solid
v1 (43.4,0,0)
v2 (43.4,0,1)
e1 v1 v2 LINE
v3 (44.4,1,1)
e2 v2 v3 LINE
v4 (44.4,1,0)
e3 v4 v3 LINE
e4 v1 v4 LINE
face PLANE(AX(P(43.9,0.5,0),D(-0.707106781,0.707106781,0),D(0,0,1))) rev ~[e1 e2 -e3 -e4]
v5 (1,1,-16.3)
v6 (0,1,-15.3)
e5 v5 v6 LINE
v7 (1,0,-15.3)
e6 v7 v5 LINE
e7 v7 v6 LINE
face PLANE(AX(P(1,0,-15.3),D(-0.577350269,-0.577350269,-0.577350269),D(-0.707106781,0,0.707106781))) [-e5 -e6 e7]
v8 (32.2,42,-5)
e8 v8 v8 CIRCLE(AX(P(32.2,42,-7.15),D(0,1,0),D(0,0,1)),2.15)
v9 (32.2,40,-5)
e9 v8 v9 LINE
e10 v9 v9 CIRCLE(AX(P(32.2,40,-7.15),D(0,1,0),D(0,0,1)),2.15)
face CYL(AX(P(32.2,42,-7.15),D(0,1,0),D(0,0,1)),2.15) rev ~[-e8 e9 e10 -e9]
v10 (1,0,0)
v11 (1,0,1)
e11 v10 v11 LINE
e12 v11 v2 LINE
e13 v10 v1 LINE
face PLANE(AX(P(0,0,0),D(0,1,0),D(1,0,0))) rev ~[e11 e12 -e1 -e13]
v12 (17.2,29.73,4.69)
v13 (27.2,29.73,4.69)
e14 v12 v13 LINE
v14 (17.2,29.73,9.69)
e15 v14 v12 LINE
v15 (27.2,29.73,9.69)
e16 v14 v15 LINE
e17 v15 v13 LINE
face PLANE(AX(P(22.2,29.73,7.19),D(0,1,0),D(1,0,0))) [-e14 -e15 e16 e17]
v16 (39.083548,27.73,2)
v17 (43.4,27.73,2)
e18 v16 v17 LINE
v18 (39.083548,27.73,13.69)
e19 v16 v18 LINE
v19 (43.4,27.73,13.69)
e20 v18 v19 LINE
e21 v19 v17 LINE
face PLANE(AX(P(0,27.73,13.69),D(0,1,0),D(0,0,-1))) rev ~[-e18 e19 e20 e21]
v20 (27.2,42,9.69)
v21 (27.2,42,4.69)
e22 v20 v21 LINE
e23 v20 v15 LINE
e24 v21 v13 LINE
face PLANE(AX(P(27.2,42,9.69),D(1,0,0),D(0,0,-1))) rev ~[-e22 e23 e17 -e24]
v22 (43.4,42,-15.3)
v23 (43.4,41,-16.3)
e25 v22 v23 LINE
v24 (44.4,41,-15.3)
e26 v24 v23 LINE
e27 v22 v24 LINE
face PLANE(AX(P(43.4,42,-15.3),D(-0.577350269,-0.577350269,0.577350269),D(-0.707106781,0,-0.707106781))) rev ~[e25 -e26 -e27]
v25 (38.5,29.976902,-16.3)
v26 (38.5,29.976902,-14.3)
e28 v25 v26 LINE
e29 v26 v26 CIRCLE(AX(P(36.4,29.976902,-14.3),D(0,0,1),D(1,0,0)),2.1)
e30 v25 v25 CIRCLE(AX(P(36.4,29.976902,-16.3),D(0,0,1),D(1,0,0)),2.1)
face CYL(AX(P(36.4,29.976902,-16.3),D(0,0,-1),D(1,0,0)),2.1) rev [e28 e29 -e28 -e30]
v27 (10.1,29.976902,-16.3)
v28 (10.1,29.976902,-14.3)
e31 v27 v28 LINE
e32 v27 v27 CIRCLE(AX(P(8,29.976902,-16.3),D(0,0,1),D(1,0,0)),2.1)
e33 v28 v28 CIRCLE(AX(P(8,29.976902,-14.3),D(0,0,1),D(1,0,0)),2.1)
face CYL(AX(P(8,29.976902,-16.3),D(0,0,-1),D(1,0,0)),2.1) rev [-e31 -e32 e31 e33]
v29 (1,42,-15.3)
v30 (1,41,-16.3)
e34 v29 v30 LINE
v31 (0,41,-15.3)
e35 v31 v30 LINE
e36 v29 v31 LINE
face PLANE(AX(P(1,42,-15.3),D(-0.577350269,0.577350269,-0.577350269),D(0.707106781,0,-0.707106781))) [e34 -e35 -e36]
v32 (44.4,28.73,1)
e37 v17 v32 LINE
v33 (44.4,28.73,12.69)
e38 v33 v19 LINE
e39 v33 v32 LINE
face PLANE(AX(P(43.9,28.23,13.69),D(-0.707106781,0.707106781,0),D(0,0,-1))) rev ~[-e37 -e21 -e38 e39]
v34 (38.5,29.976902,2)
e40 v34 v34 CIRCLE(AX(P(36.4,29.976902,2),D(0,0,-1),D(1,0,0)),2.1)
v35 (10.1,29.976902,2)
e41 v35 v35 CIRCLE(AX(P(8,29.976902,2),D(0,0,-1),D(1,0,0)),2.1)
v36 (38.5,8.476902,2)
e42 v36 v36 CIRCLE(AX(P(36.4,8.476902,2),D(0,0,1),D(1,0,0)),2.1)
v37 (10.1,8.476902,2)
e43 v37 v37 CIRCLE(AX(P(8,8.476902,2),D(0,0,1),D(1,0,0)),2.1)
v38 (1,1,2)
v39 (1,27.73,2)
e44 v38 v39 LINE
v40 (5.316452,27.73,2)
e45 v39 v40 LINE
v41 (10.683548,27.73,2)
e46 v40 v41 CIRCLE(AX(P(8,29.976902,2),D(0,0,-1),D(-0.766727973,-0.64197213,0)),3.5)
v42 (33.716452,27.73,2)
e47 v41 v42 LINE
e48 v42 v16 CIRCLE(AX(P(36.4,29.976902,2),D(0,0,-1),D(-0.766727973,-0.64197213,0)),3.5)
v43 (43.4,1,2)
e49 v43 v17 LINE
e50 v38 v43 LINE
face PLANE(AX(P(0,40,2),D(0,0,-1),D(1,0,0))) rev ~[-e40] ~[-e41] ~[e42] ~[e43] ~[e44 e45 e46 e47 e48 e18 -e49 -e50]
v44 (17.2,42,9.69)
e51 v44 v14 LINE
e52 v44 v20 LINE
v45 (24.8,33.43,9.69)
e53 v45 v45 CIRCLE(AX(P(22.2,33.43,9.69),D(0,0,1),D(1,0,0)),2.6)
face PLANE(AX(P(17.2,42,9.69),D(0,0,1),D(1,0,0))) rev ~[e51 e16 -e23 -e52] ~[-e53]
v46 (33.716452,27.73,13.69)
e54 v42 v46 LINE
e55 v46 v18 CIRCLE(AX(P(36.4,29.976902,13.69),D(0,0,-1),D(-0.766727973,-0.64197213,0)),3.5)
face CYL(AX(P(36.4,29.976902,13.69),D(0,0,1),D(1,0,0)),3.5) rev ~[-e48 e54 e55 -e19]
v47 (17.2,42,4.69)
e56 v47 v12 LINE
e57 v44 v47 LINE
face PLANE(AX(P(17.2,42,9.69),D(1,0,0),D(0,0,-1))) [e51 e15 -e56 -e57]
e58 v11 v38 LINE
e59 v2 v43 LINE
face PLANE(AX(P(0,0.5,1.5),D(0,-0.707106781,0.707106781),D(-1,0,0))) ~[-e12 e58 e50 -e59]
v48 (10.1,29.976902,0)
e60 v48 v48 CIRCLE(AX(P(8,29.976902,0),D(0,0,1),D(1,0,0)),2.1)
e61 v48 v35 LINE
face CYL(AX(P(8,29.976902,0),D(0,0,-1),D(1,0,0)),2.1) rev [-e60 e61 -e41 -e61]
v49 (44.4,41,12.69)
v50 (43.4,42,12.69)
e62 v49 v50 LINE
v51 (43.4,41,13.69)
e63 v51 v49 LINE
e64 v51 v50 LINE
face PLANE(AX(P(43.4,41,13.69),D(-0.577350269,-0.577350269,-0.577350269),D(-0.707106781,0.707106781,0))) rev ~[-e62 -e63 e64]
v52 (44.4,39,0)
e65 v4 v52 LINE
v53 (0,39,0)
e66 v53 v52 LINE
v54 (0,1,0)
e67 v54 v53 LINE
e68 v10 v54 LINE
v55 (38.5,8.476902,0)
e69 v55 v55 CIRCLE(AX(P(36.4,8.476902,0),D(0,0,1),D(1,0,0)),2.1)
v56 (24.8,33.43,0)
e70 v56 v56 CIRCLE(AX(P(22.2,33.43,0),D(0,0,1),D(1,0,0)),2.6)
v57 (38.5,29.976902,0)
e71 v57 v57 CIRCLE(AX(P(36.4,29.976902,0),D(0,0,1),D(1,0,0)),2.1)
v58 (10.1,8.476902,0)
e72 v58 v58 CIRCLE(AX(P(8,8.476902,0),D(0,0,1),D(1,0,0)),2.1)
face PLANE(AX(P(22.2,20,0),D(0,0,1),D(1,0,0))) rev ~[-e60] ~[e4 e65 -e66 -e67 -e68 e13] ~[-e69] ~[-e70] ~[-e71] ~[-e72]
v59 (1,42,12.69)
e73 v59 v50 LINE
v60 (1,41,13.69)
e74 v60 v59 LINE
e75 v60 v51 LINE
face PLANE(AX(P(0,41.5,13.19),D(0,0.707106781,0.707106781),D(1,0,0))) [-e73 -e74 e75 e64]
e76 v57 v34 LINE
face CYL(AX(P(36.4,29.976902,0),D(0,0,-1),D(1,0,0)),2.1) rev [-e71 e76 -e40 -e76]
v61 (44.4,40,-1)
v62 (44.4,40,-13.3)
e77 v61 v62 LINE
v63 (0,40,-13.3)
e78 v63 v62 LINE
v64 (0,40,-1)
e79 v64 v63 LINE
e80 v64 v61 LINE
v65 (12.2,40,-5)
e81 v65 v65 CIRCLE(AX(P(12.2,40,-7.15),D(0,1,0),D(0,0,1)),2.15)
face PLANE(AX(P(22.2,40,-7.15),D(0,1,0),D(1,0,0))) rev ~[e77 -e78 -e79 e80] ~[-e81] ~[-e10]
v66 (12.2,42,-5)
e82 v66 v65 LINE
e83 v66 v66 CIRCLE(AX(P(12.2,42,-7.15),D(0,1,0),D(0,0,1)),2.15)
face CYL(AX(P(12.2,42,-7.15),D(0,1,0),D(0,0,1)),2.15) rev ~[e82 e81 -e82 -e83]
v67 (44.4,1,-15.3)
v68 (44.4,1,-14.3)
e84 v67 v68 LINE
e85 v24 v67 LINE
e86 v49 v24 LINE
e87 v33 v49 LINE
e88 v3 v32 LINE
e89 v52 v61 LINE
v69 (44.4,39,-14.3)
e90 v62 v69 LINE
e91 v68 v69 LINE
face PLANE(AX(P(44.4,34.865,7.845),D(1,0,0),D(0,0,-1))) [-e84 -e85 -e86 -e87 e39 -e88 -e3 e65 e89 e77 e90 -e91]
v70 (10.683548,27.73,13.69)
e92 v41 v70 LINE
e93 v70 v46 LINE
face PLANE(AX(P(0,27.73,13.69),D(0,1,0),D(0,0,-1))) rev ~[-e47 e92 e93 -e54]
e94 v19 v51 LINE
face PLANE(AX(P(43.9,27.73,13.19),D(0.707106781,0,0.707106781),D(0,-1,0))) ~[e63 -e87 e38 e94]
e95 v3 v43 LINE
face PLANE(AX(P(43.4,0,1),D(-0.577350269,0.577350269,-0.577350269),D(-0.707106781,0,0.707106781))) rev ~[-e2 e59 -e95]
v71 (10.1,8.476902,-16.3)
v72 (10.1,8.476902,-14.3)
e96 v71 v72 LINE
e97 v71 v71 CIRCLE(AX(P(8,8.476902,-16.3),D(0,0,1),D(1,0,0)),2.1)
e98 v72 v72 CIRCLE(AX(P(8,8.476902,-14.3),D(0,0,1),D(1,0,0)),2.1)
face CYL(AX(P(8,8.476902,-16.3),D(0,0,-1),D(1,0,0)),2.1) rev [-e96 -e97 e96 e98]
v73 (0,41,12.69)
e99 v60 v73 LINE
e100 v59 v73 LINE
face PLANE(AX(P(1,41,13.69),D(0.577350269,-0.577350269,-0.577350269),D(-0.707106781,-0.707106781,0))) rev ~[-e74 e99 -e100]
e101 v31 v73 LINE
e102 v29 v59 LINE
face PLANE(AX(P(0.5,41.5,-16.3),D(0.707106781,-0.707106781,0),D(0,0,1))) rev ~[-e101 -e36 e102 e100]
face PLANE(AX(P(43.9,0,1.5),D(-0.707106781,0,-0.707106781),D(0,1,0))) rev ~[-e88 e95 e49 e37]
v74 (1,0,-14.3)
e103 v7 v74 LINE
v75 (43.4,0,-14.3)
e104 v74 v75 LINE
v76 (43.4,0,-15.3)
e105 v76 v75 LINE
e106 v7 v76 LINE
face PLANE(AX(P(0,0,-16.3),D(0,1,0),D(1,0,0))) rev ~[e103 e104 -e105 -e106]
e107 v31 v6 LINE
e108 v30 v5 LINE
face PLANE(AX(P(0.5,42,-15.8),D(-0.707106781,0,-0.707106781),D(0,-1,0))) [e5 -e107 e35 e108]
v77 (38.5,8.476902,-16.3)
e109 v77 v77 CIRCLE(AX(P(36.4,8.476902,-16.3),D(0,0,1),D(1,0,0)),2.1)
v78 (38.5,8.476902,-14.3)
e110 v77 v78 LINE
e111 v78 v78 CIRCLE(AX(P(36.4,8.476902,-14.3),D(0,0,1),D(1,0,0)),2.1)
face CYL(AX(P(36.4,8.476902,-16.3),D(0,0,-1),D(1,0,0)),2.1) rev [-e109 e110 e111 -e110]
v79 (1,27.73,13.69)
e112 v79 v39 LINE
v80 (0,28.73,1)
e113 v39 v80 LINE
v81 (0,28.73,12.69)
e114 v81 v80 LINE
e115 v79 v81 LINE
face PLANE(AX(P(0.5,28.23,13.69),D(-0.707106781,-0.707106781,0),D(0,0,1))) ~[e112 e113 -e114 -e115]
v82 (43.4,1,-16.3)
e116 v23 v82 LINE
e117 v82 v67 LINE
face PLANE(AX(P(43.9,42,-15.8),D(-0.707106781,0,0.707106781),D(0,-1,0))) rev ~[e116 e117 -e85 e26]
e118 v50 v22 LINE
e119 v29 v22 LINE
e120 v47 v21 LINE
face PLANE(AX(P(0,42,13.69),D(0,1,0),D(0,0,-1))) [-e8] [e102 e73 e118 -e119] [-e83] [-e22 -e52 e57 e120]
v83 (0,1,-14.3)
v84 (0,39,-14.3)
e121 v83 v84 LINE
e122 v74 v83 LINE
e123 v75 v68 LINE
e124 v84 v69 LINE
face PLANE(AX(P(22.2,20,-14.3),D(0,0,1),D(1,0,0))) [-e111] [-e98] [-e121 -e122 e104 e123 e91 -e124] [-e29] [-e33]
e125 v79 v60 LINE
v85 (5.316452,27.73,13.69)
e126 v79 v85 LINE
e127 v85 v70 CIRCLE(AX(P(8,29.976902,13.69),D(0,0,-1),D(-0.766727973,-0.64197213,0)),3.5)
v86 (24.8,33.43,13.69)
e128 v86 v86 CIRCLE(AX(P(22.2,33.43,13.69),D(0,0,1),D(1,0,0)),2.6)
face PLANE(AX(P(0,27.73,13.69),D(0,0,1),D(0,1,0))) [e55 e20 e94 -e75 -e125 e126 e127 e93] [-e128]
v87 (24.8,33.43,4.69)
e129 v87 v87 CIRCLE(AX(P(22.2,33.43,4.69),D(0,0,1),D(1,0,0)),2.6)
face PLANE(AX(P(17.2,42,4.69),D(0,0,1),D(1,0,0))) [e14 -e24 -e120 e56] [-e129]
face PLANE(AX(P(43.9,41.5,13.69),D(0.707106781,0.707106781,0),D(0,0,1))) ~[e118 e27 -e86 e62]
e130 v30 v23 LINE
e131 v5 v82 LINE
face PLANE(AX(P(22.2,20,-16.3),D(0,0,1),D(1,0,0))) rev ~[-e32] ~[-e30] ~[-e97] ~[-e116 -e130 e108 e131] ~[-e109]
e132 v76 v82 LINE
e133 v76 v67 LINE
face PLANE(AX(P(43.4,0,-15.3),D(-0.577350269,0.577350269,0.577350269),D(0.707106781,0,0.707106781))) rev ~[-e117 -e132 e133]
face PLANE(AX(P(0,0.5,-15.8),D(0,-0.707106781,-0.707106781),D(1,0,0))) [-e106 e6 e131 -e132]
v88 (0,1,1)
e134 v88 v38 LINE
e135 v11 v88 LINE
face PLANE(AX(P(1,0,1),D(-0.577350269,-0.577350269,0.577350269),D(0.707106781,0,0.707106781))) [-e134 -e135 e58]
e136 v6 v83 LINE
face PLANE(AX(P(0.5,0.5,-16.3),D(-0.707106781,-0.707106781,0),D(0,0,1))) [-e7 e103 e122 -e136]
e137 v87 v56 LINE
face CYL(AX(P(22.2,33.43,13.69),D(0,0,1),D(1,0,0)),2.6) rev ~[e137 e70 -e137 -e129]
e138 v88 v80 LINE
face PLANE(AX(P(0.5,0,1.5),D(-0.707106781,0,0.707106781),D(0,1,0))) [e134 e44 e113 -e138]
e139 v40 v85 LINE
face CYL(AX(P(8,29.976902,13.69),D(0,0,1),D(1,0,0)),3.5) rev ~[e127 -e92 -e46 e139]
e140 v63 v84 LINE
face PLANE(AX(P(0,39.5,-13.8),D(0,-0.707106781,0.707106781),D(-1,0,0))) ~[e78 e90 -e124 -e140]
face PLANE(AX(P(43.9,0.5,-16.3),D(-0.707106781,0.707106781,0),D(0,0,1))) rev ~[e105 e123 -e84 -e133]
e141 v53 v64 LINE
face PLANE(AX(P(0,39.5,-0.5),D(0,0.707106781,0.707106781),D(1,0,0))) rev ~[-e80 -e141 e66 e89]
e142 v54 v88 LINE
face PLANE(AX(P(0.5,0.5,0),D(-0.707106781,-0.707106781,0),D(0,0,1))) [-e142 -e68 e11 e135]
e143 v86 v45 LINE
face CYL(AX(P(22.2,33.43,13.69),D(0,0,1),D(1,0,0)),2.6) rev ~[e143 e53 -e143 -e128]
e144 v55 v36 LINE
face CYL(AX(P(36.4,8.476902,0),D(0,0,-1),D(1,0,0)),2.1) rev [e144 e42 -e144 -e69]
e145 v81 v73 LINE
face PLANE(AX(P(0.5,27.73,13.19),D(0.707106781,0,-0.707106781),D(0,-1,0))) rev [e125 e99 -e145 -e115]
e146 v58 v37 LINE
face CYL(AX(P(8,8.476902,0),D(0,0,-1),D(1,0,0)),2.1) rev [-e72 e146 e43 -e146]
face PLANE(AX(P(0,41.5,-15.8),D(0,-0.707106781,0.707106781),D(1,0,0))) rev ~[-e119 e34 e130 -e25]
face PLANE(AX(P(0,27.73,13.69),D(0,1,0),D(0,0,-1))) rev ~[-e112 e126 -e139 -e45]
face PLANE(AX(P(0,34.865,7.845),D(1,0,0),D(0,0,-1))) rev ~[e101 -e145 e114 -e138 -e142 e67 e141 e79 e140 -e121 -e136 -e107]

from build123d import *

# Parameters (mm, degrees)
SKETCH1_W           = 44.4
SKETCH1_H           = 40
SKETCH1_R           = 2.1
BOSS_EXTRUDE1_DEPTH = 2
SKETCH2_W           = 44.4
SKETCH2_H           = 18.3
BOSS_EXTRUDE2_DEPTH = 2
LPATTERN1_COUNT     = 2
LPATTERN1_PITCH     = 16.3
SKETCH3_R           = 2.15
CUT_EXTRUDE1_DEPTH  = 64.253853638
BOSS_EXTRUDE3_START = -22.2
SKETCH6_W           = 11.69
SKETCH6_H           = 14.27
BOSS_EXTRUDE3_DEPTH = 44.4
CUT_EXTRUDE2_REACH  = 70.079
SKETCH7_R           = 2.6
CUT_EXTRUDE3_REACH  = 65.254
SKETCH8_R           = 2.1
SKETCH9_R           = 3.5
CUT_EXTRUDE4_DEPTH  = 11.69
FILLET4_SIZE        = 1
SKETCH11_W          = 10
SKETCH11_H          = 5
CUT_EXTRUDE6_DEPTH  = 12.27


with BuildPart() as part:
    # Sketch1 → Boss-Extrude1 (new body)
    with BuildSketch(Plane.XY):
        with Locations((22.2, 20)):
            Rectangle(SKETCH1_W, SKETCH1_H)
        with Locations((8, 8.476902454)):
            Circle(SKETCH1_R, mode=Mode.SUBTRACT)
        with Locations((8, 29.976902454)):
            Circle(SKETCH1_R, mode=Mode.SUBTRACT)
        with Locations((36.4, 29.976902454)):
            Circle(SKETCH1_R, mode=Mode.SUBTRACT)
        with Locations((36.4, 8.476902454)):
            Circle(SKETCH1_R, mode=Mode.SUBTRACT)
    boss_extrude1 = extrude(amount=BOSS_EXTRUDE1_DEPTH)

    # Sketch2 → Boss-Extrude2 (add)
    with BuildSketch(Plane(origin=(0, 40, 0), x_dir=(1, 0, 0), z_dir=(0, 1, 0))):
        with Locations((22.2, 7.15)):
            Rectangle(SKETCH2_W, SKETCH2_H)
    extrude(amount=BOSS_EXTRUDE2_DEPTH)

    # LPattern1: Boss-Extrude1 ×2
    with Locations(*[(0, 0, -i * LPATTERN1_PITCH) for i in range(1, LPATTERN1_COUNT)]):
        add(boss_extrude1)

    # Sketch3 → Cut-Extrude1 (cut, through all)
    with BuildSketch(Plane(origin=(0, 42, 0), x_dir=(1, 0, 0), z_dir=(0, 1, 0))):
        with Locations(Location((12.2, 7.15, 0), (0, 0, 270))):
            Circle(SKETCH3_R)
        with Locations(Location((32.2, 7.15, 0), (0, 0, 270))):
            Circle(SKETCH3_R)
    extrude(amount=-CUT_EXTRUDE1_DEPTH, mode=Mode.SUBTRACT)

    # Sketch6 → Boss-Extrude3 (add)
    with BuildSketch(Plane(origin=(22.2, 0, 0), x_dir=(0, 0, -1), z_dir=(1, 0, 0)).offset(BOSS_EXTRUDE3_START)):
        with Locations((-7.845, 34.865)):
            Rectangle(SKETCH6_W, SKETCH6_H)
    extrude(amount=BOSS_EXTRUDE3_DEPTH)

    # Sketch7 → Cut-Extrude2 (cut, up to next)
    with BuildSketch(Plane.XY.offset(13.69), mode=Mode.PRIVATE) as cut_extrude2_sk1:
        with Locations((22.2, 33.43)):
            Circle(SKETCH7_R)
    cut_extrude2_tool1 = extrude(cut_extrude2_sk1.sketch, amount=-CUT_EXTRUDE2_REACH, mode=Mode.PRIVATE) & part.part
    add(cut_extrude2_tool1.solids().sort_by_distance((22.2, 33.43, 13.69))[0], mode=Mode.SUBTRACT)

    # Sketch8 → Cut-Extrude3 (cut, up to next)
    with BuildSketch(Plane(origin=(0, 0, 0), x_dir=(-1, 0, 0), z_dir=(0, 0, -1)), mode=Mode.PRIVATE) as cut_extrude3_sk1:
        with Locations(Location((-36.4, 29.976902454, 0), (0, 0, 90))):
            Circle(SKETCH8_R)
    cut_extrude3_tool1 = extrude(cut_extrude3_sk1.sketch, amount=-CUT_EXTRUDE3_REACH, mode=Mode.PRIVATE) & part.part
    # Sketch8 → Cut-Extrude3 (cut, up to next)
    with BuildSketch(Plane(origin=(0, 0, 0), x_dir=(-1, 0, 0), z_dir=(0, 0, -1)), mode=Mode.PRIVATE) as cut_extrude3_sk2:
        with Locations(Location((-8, 29.976902454, 0), (0, 0, 90))):
            Circle(SKETCH8_R)
    cut_extrude3_tool2 = extrude(cut_extrude3_sk2.sketch, amount=-CUT_EXTRUDE3_REACH, mode=Mode.PRIVATE) & part.part
    add(cut_extrude3_tool1.solids().sort_by_distance((36.4, 29.976902, 0))[0], mode=Mode.SUBTRACT)
    add(cut_extrude3_tool2.solids().sort_by_distance((8, 29.976902, 0))[0], mode=Mode.SUBTRACT)

    # Sketch9 → Cut-Extrude4 (cut)
    with BuildSketch(Plane.XY.offset(13.69)):
        with Locations((8, 29.976902454)):
            Circle(SKETCH9_R)
        with Locations((36.4, 29.976902454)):
            Circle(SKETCH9_R)
    extrude(amount=-CUT_EXTRUDE4_DEPTH, mode=Mode.SUBTRACT)

    # Fillet4
    fillet4_edges = [part.edges().sort_by_distance(p)[0] for p in [
        (44.4, 13.865, 2),
        (0, 21, -16.3),
        (44.4, 21, -16.3),
        (0, 42, -1.305),
        (44.4, 42, -1.305),
        (22.2, 42, -16.3),
        (22.2, 40, -14.3),
        (22.2, 0, -16.3),
        (0, 0, -15.3),
        (44.4, 0, -15.3),
        (22.2, 40, 0),
        (0, 13.865, 2),
        (44.4, 27.73, 7.845),
        (44.4, 34.865, 13.69),
        (22.2, 42, 13.69),
        (0, 27.73, 7.845),
        (0, 34.865, 13.69),
        (44.4, 0, 1),
        (0, 0, 1),
        (22.2, 0, 2),
    ]]
    chamfer(fillet4_edges, length=FILLET4_SIZE)

    # Sketch11 → Cut-Extrude6 (cut)
    with BuildSketch(Plane(origin=(0, 42, 0), x_dir=(1, 0, 0), z_dir=(0, 1, 0))):
        with Locations((22.2, -7.19)):
            Rectangle(SKETCH11_W, SKETCH11_H)
    extrude(amount=-CUT_EXTRUDE6_DEPTH, mode=Mode.SUBTRACT)


solid = part.part
